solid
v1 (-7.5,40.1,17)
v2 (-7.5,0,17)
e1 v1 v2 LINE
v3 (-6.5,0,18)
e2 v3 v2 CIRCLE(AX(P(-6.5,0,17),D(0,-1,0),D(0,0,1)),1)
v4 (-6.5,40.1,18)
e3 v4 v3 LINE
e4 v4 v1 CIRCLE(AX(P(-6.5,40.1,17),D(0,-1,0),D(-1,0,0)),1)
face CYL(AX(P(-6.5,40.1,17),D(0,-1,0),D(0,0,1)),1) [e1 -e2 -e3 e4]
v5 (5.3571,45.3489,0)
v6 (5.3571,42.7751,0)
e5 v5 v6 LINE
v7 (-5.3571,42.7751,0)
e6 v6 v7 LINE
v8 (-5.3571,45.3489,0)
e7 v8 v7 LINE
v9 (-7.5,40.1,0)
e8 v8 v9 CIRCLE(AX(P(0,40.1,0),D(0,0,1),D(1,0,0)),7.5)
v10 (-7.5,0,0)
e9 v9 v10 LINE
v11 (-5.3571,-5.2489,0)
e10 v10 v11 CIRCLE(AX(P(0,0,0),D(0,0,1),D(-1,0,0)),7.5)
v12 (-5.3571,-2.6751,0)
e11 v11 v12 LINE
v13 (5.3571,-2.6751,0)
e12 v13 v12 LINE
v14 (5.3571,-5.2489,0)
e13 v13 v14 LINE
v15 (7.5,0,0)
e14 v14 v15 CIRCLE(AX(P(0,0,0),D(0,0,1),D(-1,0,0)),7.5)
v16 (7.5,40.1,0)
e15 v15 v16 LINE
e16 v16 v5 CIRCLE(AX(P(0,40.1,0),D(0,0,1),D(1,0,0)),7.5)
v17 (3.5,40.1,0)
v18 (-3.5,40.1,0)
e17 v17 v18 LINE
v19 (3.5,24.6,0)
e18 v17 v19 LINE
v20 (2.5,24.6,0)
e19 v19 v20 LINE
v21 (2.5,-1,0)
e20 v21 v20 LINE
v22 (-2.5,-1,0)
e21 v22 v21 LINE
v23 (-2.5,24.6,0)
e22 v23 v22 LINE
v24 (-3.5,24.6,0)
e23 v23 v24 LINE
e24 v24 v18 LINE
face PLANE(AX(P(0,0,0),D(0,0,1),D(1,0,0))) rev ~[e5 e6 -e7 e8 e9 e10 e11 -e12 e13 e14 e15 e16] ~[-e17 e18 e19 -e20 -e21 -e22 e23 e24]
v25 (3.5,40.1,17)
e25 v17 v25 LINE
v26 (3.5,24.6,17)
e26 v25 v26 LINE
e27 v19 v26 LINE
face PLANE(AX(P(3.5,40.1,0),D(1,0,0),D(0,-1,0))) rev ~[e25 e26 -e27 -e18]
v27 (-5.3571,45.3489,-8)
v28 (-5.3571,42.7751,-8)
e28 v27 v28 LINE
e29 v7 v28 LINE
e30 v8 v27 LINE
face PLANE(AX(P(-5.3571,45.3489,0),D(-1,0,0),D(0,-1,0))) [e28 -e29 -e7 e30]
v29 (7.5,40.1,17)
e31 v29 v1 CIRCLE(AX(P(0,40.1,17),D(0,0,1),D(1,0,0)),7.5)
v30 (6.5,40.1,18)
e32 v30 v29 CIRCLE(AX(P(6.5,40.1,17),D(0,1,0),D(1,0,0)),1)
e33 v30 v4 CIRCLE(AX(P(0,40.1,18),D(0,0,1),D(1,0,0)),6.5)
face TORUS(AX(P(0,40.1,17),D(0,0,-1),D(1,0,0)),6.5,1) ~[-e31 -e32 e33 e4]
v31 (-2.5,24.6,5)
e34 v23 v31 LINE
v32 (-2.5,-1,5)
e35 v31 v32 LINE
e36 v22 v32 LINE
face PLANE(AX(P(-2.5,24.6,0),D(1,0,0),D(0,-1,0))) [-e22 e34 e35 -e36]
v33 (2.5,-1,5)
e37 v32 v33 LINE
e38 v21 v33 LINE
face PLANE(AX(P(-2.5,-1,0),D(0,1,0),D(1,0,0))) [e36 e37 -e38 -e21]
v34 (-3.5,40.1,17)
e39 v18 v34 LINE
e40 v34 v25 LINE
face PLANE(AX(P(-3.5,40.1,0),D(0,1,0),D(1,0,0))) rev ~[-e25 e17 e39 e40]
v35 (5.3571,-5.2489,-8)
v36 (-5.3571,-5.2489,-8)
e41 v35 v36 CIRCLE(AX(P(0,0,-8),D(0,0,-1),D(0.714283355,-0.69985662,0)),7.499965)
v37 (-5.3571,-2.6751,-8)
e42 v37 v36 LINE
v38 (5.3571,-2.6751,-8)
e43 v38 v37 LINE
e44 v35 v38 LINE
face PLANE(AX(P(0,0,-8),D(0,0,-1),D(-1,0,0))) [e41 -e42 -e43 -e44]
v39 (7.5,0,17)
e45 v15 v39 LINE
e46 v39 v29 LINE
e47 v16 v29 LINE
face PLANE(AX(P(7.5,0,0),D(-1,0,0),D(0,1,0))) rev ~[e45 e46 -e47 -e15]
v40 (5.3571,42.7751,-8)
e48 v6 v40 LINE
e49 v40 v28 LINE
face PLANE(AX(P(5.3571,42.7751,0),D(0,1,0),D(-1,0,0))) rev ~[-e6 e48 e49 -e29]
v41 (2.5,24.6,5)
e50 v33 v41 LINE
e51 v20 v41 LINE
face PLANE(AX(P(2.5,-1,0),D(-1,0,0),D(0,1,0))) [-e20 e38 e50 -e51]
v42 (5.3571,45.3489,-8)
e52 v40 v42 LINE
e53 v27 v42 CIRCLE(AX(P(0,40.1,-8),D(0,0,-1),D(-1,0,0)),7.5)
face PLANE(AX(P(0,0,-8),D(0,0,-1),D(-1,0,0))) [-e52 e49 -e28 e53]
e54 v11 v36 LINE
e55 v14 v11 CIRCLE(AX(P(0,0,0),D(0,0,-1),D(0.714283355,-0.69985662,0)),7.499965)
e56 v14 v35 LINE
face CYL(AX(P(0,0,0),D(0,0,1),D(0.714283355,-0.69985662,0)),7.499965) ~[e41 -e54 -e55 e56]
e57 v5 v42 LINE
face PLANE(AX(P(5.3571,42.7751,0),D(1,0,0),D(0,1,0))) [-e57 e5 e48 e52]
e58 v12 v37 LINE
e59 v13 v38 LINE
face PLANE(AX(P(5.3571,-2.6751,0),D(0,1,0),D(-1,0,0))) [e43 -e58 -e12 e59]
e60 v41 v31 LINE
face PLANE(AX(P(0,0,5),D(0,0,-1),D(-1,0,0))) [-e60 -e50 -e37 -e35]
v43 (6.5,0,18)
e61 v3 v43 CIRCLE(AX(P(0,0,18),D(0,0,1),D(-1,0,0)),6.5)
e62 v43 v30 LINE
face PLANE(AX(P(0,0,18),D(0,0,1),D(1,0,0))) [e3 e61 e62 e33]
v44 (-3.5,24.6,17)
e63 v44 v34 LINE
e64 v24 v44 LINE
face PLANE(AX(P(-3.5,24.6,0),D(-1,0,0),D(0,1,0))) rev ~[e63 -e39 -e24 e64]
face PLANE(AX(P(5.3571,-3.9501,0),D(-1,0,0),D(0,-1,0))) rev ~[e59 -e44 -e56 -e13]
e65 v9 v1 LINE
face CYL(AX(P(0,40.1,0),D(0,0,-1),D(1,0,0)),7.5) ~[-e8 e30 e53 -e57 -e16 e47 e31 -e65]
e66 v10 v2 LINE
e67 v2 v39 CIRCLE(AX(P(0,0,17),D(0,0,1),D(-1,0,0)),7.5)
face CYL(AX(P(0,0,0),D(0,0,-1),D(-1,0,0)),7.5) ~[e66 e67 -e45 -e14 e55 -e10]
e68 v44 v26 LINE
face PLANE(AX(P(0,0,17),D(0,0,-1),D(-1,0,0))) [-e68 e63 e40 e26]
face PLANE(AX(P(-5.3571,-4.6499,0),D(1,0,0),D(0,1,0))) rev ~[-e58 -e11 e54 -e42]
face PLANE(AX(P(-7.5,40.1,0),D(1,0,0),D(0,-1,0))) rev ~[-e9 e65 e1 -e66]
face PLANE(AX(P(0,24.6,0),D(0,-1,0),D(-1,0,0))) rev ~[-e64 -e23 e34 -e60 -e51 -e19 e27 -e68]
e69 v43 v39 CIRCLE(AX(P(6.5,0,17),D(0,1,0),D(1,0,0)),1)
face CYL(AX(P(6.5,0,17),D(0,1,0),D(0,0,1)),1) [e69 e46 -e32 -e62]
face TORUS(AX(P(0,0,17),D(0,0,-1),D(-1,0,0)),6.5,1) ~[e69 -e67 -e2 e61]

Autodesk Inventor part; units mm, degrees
ref_plane "YZ Plane" through (0, 0, 0) normal (1, 0, 0) x (0, 1, 0)
ref_plane "XZ Plane" through (0, 0, 0) normal (0, 1, 0) x (-1, 0, 0)
ref_plane "XY Plane" through (0, 0, 0) normal (0, 0, 1) x (1, 0, 0)
sketch "Boceto1" plane through (0, 0, 0) normal (0, 0, 1) x (1, 0, 0)
  line L0 (0, 0) -> (0, 40.1) construction
  line L1 (7.5, 0) -> (7.5, 40.1)
  line L2 (-7.5, 40.1) -> (-7.5, 0)
  arc A0 (-7.5, 0) -> (7.5, 0) centre (0, 0) ccw
  arc A1 (7.5, 40.1) -> (-7.5, 40.1) centre (0, 40.1) ccw
  point P0 (0, 20.05)
  dimension "d0" = 40.1
  dimension "d1" = 15
extrude "Extrusión1" add sketch "Boceto1" along normal blind 18
sketch "Boceto2" plane through (0, 0, 0) normal (0, 0, -1) x (-1, 0, 0)
  arc A0 (7.5, 40.1) -> (-7.5, 40.1) centre (0, 40.1) ccw projected
  line L0 (0, 40.1) -> (0, 24.6)
  line L1 (0, 24.6) -> (-3.5, 24.6)
  line L2 (-3.5, 24.6) -> (3.5, 24.6)
  line L3 (3.5, 24.6) -> (3.5, 40.1)
  line L4 (3.5, 40.1) -> (-3.5, 40.1)
  line L5 (-3.5, 40.1) -> (-3.5, 24.6)
  point P0 (0, 0)
  dimension "d4" = 15.5
  dimension "d5" = 3.5
  dimension "d6" = 7
extrude "Extrusión2" cut sketch "Boceto2" against normal blind 17
sketch "Boceto3" plane through (0, 0, 0) normal (0, 0, -1) x (-1, 0, 0)
  line L0 (-3.5, 40.1) -> (3.5, 40.1) projected
  line L1 (0, 40.1) -> (0, 41.1)
  line L2 (7.5, 40.1) -> (7.5, 0) projected
  line L3 (7.5, 20.05) -> (-7.5, 20.05)
  line L4 (-7.5, 0) -> (-7.5, 40.1) projected
  line L5 (0, 0) -> (0, -1)
  line L6 (-5.3571, 42.7751) -> (-5.3571, 44.0501)
  line L7 (-5.3571, -2.6751) -> (-5.3571, -3.9501)
  line L8 (-5.3571, 44.0501) -> (-5.3571, 45.3489)
  arc A0 (7.5, 40.1) -> (-7.5, 40.1) centre (0, 40.1) ccw projected
  arc A1 (5.3571, 45.3489) -> (-5.3571, 45.3489) centre (0, 40.1) ccw
  arc A2 (-5.3571, -5.2489) -> (5.3571, -5.2489) centre (0, 0) ccw
  line L9 (-5.3571, -3.9501) -> (-5.3571, -5.2489)
  line L10 (5.3571, -4.6499) -> (5.3571, -5.2489)
  arc A3 (-7.5, 0) -> (7.5, 0) centre (0, 0) ccw projected
  line L11 (5.3571, 45.3489) -> (5.3571, 42.7751)
  line L12 (-5.3571, 42.7751) -> (5.3571, 42.7751)
  line L13 (5.3571, -4.6499) -> (5.3571, -2.6751)
  line L14 (-5.3571, -2.6751) -> (5.3571, -2.6751)
  point P0 (4.6429, 42.4001)
  dimension "d10" = 1
extrude "Extrusión3" add sketch "Boceto3" along normal blind 8 contours L11 L12 L6 L8 A0 | A2 L9 L7 L14 L13 L10
sketch "Boceto4" plane through (0, 0, 0) normal (0, 0, -1) x (-1, 0, 0)
  line L0 (2.5, 24.6) -> (2.5, -1)
  line L1 (2.5, -1) -> (-2.5, -1)
  line L2 (-2.5, -1) -> (-2.5, 24.6)
  line L3 (-2.5, 24.6) -> (2.5, 24.6)
  line L4 (3.5, 24.6) -> (-3.5, 24.6) projected
  point P0 (0, 0)
extrude "Extrusión4" cut sketch "Boceto4" against normal blind 5
fillet "Empalme1" radius 1 4 edges at (0, 47.6, 18) (-7.5, 20.05, 18) (0, -7.5, 18) (7.5, 20.05, 18)
properties part number "Tapa carcasa Luis"
